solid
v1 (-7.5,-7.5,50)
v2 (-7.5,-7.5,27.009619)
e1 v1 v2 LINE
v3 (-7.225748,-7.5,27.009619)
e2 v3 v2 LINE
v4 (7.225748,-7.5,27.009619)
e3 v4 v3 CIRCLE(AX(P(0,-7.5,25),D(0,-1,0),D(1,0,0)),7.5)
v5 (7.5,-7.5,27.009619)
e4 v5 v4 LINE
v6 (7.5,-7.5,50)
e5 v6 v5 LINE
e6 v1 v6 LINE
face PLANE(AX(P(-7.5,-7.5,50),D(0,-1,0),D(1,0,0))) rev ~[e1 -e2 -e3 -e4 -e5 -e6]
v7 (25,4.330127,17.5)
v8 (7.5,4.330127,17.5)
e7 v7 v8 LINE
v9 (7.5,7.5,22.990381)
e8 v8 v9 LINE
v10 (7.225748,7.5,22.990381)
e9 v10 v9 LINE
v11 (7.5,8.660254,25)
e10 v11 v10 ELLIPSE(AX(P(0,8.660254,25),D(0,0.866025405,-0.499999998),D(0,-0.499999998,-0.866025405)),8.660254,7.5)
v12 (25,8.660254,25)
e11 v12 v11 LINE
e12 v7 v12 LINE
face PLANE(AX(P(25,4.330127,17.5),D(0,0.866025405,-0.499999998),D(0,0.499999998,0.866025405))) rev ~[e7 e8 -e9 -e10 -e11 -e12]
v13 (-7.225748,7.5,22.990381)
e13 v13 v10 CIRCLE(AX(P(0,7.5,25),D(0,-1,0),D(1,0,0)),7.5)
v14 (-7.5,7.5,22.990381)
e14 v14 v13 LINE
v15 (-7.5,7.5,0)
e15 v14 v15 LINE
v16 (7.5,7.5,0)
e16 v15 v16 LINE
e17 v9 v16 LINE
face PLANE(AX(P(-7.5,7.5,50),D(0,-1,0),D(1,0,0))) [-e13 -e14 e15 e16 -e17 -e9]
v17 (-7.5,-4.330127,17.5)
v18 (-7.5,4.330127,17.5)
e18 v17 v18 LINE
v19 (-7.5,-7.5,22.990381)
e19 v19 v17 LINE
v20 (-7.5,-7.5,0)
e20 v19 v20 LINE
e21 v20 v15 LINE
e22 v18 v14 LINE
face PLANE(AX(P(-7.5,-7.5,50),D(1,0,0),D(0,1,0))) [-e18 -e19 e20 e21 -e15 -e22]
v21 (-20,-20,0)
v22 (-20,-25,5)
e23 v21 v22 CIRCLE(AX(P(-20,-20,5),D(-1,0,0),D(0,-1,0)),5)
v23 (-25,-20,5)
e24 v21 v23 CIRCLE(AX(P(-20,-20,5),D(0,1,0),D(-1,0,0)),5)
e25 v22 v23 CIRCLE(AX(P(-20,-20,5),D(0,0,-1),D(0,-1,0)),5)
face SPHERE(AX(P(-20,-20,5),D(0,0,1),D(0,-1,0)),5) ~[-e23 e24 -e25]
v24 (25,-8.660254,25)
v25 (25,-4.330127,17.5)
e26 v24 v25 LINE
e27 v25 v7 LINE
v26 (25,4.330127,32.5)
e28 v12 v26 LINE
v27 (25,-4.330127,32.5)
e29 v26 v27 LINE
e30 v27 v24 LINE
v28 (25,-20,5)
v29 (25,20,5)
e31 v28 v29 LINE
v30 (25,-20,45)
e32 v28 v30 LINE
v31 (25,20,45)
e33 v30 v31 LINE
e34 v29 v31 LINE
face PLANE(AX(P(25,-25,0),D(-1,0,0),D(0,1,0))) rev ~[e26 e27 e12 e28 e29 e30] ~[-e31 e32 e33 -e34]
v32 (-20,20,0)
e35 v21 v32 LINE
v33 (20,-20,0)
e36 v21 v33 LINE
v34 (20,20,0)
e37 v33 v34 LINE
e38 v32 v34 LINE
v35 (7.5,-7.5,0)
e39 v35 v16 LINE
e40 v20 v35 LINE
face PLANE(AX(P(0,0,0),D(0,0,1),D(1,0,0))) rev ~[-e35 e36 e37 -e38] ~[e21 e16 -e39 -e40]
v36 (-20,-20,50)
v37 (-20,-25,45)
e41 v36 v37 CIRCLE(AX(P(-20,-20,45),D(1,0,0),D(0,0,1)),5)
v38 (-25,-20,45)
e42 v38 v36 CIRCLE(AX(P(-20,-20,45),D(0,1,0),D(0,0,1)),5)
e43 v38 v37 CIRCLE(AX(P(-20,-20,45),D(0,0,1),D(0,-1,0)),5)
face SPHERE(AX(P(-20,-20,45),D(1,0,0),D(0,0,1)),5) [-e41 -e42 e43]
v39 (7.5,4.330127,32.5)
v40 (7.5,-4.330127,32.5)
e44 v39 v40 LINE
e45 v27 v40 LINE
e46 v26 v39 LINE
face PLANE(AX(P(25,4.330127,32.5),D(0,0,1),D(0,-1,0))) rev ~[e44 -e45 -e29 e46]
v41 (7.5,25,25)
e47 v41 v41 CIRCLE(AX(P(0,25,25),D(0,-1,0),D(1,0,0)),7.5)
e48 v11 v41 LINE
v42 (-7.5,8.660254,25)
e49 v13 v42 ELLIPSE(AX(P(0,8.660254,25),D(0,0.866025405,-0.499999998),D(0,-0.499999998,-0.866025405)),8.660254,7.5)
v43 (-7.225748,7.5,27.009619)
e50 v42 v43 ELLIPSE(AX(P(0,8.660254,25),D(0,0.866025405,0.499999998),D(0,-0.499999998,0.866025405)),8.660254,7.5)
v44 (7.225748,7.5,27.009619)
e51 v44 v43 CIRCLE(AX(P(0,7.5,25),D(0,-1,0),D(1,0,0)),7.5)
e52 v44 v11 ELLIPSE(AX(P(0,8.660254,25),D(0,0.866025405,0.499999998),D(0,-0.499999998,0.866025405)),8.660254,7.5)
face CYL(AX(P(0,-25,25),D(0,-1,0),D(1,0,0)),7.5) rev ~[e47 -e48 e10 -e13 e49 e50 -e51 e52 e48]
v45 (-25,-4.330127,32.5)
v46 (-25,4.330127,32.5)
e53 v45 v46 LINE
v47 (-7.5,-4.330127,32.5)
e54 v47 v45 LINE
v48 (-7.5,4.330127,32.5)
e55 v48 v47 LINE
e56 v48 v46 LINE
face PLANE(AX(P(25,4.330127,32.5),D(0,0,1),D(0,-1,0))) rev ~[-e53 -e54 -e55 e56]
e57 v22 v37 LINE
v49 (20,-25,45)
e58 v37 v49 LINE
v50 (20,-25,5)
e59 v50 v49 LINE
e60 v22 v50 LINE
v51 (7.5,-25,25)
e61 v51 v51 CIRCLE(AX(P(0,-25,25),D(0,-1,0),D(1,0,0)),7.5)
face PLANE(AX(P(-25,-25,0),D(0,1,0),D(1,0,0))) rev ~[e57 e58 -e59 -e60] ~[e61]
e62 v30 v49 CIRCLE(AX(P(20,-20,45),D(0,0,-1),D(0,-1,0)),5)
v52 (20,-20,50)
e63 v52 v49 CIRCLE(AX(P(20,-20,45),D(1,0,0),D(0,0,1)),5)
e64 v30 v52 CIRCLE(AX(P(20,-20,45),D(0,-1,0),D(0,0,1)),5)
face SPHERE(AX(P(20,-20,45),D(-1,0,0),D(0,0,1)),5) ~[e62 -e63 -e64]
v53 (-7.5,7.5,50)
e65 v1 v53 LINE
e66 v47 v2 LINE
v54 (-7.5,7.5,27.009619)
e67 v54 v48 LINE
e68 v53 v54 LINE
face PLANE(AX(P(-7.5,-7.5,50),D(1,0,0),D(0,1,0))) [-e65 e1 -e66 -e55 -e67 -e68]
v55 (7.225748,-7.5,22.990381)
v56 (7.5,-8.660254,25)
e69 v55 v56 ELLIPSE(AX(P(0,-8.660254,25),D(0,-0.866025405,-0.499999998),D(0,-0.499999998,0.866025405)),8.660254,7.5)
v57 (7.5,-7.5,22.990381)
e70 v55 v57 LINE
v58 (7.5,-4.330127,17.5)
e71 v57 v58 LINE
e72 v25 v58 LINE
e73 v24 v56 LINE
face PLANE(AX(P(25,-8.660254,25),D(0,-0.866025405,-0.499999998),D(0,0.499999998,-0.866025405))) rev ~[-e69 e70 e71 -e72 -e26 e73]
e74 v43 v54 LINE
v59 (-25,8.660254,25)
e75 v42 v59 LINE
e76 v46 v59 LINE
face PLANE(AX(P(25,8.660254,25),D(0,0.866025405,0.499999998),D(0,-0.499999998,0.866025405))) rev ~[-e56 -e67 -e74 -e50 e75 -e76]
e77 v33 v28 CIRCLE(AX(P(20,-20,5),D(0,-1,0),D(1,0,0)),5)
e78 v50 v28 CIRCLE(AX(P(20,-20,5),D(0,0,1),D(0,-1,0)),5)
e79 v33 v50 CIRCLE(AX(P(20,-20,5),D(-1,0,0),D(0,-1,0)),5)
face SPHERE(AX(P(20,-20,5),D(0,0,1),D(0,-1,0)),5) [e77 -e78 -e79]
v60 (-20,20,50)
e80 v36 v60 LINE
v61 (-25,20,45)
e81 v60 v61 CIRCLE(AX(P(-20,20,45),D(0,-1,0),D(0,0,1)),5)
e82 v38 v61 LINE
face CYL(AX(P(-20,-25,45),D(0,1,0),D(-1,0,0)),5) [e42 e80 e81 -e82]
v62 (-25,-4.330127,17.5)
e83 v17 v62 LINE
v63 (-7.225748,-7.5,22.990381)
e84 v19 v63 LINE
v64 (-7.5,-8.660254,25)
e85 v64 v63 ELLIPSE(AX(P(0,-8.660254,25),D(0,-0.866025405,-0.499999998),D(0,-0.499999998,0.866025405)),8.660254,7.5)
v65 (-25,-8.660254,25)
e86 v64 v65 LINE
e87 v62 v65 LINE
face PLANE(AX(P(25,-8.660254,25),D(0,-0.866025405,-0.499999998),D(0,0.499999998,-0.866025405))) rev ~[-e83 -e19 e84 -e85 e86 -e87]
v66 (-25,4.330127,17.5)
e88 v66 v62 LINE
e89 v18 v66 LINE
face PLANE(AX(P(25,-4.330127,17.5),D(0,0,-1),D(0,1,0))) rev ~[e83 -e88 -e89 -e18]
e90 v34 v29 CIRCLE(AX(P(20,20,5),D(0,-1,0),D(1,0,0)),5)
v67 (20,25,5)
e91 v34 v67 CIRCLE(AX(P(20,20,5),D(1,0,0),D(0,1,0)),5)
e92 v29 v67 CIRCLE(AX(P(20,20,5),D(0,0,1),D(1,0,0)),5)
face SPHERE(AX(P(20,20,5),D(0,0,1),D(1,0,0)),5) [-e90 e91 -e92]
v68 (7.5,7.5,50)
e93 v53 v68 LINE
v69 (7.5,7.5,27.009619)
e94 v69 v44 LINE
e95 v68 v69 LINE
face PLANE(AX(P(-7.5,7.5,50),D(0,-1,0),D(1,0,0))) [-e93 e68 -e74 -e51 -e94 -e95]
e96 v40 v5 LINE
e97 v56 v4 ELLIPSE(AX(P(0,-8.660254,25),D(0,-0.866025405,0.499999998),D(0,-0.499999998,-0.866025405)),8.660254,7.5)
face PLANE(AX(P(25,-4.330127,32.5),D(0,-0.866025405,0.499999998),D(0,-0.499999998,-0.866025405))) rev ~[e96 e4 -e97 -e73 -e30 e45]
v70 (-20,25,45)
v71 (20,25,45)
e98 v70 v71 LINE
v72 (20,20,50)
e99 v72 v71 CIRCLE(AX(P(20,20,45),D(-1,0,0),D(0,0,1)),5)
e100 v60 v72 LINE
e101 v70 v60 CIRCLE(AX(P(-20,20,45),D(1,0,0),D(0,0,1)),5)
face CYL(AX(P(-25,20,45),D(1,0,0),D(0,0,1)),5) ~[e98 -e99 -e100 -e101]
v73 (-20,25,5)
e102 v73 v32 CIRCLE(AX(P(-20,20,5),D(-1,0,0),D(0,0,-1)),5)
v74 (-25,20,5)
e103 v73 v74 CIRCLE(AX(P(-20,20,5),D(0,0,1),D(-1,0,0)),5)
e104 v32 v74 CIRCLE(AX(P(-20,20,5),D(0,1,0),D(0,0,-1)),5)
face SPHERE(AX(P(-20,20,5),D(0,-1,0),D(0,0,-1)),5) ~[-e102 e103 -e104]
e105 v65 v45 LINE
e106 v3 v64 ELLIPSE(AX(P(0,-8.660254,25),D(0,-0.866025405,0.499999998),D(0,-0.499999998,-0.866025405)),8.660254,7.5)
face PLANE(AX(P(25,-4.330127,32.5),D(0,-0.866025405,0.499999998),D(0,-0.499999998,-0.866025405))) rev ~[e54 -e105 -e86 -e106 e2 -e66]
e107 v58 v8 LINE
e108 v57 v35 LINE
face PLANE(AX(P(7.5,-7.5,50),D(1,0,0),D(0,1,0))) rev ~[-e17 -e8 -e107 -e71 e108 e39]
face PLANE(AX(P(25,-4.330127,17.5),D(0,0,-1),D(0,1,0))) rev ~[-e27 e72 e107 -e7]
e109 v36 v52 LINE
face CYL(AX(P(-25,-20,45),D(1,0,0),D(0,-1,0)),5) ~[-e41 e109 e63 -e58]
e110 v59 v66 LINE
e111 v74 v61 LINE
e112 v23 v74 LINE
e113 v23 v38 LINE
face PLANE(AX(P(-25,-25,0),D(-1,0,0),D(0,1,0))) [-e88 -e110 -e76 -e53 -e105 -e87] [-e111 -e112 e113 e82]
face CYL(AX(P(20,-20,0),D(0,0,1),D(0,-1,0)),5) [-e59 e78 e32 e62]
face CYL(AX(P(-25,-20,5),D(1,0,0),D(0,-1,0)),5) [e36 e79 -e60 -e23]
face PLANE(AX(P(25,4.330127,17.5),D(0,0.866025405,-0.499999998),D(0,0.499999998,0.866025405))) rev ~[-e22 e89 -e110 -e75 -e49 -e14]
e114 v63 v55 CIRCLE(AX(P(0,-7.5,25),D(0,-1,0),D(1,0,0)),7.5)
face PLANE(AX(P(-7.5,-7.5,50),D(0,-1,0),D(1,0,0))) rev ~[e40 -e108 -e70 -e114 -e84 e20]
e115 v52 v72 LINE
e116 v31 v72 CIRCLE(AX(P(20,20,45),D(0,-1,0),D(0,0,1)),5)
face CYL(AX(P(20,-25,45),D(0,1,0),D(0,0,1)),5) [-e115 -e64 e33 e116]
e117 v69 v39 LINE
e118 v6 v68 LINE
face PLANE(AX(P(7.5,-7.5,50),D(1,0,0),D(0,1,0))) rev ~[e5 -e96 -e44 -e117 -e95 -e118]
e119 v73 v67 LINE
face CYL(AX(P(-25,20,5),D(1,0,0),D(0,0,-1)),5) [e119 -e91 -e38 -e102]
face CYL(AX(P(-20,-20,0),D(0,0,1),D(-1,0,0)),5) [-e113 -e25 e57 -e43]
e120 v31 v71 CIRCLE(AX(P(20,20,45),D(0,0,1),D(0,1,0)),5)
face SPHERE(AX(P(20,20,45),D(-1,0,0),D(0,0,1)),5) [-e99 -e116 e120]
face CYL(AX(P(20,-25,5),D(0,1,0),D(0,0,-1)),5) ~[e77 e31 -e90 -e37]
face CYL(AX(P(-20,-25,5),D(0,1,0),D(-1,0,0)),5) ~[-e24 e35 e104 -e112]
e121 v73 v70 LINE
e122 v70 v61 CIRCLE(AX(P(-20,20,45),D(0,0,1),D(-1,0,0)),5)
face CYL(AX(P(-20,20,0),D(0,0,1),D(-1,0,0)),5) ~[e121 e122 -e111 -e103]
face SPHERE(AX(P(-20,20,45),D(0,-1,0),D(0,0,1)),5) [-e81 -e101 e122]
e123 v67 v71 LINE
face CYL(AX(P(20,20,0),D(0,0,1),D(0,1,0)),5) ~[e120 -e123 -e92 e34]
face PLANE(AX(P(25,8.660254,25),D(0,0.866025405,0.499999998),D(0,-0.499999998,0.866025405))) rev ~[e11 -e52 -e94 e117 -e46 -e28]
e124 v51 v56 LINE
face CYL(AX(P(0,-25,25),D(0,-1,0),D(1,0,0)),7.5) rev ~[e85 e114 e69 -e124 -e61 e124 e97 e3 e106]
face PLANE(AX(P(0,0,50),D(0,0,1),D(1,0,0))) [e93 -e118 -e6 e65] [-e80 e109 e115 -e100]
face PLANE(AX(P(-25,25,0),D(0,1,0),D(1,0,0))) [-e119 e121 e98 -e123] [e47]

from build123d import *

# Parameters (mm, degrees)
SKETCH_W        = 50
SKETCH_H        = 50
PAD_DEPTH       = 50
SKETCH001_R     = 7.5
HOLE_DEPTH      = 50.001
SKETCH002_W     = 15
SKETCH002_H     = 15
POCKET_DEPTH    = 50.001
POCKET001_DEPTH = 50.001
FILLET_R        = 5


with BuildPart() as part:
    # Sketch → Pad (new body)
    with BuildSketch(Plane.XY):
        Rectangle(SKETCH_W, SKETCH_H)
    extrude(amount=PAD_DEPTH)

    # Sketch001 (on Face3 of Pad) → Hole (cut, through all)
    with BuildSketch(Plane.XZ.offset(25)):
        with Locations((0, 25)):
            Circle(SKETCH001_R)
    extrude(amount=-HOLE_DEPTH, mode=Mode.SUBTRACT)

    # Sketch002 (on Face4 of Hole) → Pocket (cut, through all)
    with BuildSketch(Plane.XY.offset(50)):
        Rectangle(SKETCH002_W, SKETCH002_H)
    extrude(amount=-POCKET_DEPTH, mode=Mode.SUBTRACT)

    # Sketch003 (on Face5 of Pocket) → Pocket001 (cut, through all)
    with BuildSketch(Plane.YZ.offset(25)):
        Polygon((4.330127, 17.5), (8.660254, 25), (4.330127, 32.5), (-4.330127, 32.5), (-8.660254, 25), (-4.330127, 17.5), align=None)
    extrude(amount=-POCKET001_DEPTH, mode=Mode.SUBTRACT)

    # Fillet
    fillet_edges = [part.edges().sort_by_distance(p)[0] for p in [
        (0, -25, 50),
        (-25, 0, 50),
        (0, 25, 50),
        (25, 0, 50),
        (25, 25, 25),
        (25, -25, 25),
        (-25, -25, 25),
        (0, -25, 0),
        (25, 0, 0),
        (-25, 0, 0),
        (0, 25, 0),
        (-25, 25, 25),
    ]]
    fillet(fillet_edges, radius=FILLET_R)


solid = part.part
